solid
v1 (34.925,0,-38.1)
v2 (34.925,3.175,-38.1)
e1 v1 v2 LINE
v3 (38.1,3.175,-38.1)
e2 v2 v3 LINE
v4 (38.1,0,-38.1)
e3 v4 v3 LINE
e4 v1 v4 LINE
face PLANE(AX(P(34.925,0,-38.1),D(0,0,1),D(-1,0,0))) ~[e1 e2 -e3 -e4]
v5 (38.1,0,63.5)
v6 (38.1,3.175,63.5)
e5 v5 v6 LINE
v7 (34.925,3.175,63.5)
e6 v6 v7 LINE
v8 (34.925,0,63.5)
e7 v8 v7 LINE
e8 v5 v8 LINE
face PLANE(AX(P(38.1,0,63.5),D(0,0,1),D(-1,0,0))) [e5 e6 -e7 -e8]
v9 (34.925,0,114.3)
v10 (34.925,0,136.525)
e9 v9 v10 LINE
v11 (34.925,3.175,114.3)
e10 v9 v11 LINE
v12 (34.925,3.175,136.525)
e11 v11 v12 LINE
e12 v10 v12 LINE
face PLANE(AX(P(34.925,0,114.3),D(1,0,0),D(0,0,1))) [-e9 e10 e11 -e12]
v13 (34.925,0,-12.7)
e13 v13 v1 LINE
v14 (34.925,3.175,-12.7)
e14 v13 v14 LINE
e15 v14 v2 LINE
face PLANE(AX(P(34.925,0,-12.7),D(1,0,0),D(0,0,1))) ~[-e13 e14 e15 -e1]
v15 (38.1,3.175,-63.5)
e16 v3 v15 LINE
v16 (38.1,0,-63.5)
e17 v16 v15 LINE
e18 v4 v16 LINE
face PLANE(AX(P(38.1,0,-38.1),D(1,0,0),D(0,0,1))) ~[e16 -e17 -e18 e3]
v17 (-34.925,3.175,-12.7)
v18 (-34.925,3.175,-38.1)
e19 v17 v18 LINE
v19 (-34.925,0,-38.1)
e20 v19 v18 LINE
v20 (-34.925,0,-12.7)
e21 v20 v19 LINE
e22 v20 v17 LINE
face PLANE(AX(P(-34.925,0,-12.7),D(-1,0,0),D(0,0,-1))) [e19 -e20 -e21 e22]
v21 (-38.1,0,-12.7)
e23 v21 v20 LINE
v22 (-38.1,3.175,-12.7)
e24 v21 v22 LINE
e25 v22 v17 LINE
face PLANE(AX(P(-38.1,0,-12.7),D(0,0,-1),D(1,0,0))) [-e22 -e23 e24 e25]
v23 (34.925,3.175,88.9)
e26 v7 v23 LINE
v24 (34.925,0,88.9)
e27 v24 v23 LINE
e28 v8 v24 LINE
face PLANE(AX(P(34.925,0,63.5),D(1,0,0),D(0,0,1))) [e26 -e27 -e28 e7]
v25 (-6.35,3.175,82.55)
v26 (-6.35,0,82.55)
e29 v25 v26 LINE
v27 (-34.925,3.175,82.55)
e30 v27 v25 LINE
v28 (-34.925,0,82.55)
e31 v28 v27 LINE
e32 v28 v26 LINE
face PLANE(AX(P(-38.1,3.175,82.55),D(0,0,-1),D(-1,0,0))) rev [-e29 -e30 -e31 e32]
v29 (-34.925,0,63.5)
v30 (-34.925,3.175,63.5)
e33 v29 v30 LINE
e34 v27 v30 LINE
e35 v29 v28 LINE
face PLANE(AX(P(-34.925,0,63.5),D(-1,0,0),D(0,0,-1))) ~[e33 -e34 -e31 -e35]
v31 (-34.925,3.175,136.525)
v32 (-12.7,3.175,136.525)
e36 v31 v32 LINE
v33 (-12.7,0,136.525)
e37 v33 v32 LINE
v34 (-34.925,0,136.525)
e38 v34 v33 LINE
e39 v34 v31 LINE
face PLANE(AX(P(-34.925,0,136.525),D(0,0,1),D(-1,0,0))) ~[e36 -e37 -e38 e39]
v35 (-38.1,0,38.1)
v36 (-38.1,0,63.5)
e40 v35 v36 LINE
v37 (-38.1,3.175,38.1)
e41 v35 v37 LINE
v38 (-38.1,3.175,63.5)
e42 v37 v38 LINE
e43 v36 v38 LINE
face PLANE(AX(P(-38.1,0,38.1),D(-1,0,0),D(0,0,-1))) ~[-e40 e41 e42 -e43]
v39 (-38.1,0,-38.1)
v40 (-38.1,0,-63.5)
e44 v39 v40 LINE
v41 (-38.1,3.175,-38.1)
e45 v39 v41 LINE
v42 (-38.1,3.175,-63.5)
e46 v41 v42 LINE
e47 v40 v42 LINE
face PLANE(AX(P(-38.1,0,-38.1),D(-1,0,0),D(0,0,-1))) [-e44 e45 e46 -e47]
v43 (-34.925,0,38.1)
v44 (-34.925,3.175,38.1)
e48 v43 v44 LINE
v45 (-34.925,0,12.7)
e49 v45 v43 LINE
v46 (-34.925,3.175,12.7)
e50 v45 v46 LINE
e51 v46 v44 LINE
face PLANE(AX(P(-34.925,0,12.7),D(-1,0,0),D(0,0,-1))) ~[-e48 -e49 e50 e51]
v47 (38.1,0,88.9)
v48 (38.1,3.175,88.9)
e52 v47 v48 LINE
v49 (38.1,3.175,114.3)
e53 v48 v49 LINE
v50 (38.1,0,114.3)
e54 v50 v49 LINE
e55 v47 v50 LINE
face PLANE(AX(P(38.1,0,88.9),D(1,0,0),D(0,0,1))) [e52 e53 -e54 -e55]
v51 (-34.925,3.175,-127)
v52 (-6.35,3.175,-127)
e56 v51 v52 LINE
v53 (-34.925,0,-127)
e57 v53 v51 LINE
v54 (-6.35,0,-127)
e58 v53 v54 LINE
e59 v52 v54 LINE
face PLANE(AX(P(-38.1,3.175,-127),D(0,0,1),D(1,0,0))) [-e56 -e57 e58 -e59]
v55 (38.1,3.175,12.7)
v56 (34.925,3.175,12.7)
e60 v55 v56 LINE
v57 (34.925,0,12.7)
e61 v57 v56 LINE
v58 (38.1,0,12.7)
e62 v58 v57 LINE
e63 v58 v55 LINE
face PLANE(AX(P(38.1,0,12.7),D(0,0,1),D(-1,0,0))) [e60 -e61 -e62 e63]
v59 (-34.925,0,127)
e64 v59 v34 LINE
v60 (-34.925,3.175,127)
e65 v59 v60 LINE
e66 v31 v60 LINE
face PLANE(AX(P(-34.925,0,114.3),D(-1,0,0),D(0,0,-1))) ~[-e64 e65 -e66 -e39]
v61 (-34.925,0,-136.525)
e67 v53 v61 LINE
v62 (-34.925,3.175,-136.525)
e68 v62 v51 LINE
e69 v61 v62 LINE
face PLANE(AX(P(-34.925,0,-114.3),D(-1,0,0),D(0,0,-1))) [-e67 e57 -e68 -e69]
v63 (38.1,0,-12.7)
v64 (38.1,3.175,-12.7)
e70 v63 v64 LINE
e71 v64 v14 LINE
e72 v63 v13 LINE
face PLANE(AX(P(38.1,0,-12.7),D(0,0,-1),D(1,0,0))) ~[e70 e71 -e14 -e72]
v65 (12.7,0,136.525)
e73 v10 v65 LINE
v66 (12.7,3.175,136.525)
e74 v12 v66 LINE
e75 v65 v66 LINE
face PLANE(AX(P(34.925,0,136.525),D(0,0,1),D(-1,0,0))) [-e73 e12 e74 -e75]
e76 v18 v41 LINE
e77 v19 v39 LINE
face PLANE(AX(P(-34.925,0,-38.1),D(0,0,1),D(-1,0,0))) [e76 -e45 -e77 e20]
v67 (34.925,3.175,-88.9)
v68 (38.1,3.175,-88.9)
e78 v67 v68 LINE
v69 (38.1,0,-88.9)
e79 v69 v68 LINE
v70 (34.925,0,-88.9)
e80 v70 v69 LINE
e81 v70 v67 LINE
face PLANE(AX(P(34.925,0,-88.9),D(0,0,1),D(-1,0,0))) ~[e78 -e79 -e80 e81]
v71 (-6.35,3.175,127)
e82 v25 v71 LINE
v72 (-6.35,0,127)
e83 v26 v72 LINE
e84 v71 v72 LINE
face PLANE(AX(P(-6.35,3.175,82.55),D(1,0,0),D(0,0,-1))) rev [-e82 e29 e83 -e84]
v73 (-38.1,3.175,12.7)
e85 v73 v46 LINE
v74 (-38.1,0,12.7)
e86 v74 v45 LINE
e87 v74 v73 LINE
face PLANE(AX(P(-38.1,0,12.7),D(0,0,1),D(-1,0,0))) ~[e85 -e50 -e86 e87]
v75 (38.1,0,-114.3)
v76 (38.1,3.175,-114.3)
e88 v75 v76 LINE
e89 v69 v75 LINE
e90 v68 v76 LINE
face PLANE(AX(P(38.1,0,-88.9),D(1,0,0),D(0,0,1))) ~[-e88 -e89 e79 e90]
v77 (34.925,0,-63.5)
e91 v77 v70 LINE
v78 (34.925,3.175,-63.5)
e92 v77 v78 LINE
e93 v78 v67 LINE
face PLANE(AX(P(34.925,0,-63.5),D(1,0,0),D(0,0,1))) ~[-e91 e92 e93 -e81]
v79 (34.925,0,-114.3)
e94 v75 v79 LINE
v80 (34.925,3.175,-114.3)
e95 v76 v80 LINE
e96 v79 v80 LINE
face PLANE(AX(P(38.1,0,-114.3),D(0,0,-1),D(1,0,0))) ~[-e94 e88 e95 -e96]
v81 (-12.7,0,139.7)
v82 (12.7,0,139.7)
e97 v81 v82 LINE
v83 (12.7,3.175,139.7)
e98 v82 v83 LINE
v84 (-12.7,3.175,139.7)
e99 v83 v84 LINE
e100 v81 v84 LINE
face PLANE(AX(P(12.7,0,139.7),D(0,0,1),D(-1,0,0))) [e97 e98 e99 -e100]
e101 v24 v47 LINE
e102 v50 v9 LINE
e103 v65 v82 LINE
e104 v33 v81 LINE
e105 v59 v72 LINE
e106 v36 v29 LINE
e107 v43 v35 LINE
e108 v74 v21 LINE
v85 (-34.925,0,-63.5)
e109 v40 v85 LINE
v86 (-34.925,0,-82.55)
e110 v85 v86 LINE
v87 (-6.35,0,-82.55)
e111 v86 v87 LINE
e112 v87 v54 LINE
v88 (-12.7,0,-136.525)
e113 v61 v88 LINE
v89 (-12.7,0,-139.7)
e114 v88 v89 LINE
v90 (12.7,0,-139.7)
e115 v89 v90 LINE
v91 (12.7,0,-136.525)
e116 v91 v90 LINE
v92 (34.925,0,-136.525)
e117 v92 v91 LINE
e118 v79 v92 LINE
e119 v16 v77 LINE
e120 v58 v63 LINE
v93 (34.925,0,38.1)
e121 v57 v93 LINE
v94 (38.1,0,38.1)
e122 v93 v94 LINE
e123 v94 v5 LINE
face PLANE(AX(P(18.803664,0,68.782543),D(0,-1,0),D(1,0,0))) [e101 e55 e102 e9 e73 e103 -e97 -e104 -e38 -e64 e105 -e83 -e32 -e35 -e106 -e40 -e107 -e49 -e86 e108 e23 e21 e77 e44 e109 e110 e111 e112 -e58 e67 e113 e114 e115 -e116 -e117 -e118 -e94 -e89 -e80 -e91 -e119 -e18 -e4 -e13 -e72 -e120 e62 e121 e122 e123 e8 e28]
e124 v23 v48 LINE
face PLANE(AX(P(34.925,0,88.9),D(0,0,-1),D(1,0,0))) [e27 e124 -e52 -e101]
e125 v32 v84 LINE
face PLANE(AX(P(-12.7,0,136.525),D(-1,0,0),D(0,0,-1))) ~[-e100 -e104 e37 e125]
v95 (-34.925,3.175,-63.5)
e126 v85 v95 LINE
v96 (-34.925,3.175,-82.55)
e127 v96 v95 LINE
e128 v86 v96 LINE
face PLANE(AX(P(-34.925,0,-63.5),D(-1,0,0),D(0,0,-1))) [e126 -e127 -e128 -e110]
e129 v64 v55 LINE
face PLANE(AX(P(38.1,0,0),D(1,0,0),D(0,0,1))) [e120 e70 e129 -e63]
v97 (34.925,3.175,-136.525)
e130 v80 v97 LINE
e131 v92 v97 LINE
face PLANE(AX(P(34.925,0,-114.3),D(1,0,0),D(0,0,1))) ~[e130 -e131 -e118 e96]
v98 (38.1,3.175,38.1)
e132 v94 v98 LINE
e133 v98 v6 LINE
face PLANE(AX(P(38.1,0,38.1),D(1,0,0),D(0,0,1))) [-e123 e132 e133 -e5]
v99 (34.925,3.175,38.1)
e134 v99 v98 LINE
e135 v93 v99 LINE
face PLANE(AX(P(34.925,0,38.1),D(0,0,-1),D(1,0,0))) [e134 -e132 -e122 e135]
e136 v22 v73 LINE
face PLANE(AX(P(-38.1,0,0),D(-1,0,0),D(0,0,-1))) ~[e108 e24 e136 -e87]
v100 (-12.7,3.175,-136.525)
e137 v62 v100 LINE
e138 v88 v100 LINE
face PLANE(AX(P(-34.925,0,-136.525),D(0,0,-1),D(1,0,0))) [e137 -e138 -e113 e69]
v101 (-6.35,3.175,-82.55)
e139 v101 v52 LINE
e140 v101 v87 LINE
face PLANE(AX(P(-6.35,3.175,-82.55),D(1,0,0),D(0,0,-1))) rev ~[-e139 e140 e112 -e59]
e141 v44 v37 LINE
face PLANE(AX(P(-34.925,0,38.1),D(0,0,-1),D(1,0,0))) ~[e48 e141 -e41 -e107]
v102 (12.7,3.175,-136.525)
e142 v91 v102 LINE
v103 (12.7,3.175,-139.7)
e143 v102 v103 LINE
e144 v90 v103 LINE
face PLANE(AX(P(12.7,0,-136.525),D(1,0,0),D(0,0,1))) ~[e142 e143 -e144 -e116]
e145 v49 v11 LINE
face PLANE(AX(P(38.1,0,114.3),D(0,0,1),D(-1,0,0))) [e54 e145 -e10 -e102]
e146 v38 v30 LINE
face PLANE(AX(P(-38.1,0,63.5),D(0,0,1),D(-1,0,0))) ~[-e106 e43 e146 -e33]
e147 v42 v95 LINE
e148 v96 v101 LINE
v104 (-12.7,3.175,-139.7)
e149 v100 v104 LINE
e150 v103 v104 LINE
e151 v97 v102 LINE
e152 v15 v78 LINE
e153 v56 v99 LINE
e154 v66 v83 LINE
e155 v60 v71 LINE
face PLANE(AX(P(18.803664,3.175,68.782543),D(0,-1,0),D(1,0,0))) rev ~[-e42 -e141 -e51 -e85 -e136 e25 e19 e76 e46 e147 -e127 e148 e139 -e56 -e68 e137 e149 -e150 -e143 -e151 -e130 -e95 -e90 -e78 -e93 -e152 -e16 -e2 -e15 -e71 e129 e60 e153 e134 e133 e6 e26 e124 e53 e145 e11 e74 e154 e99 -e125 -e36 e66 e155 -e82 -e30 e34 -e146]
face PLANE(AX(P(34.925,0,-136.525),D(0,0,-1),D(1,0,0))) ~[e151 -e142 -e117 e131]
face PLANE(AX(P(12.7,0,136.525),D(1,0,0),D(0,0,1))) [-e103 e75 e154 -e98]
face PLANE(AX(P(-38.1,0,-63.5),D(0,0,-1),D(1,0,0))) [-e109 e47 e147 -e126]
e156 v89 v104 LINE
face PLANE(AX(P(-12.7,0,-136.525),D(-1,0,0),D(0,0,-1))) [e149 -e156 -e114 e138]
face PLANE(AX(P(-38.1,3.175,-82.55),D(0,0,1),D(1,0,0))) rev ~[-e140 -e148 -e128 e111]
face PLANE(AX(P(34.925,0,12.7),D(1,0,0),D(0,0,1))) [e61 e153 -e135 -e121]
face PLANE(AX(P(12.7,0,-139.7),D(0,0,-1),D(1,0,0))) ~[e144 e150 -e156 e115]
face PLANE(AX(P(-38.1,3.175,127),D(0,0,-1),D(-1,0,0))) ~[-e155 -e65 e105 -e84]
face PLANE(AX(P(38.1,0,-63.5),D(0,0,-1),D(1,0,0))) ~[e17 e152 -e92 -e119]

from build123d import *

# Parameters (mm, degrees)
BOSS_EXTRUDE1_DEPTH     = 3.175
SKETCH2_W               = 31.75
SKETCH2_H               = 44.45
CUT_EXTRUDE1_DEPTH      = 1
CUT_EXTRUDE1_DEPTH_BACK = 4.175


with BuildPart() as part:
    # Sketch1 → Boss-Extrude1 (new body)
    with BuildSketch(Plane(origin=(0, 0, 0), x_dir=(1, 0, 0), z_dir=(0, 1, 0))):
        Polygon((0, 0), (-38.1, 0), (-38.1, 12.7), (-34.925, 12.7), (-34.925, 38.1), (-38.1, 38.1), (-38.1, 63.5), (-34.925, 63.5), (-34.925, 88.9), (-38.1, 88.9), (-38.1, 114.3), (-34.925, 114.3), (-34.925, 136.525), (-12.7, 136.525), (-12.7, 139.7), (0, 139.7), align=None)
    extrude(amount=BOSS_EXTRUDE1_DEPTH)

    # Mirror1: part across plane


with BuildPart() as part_1:
    add(part.part)
    add(part.part.mirror(Plane(origin=(0, 3.175, 0), x_dir=(0, 0, 1), z_dir=(-1, 0, 0))))

    # Sketch2 → Cut-Extrude1 (cut, two sides)
    with BuildSketch(Plane(origin=(0, 3.175, 0), x_dir=(1, 0, 0), z_dir=(0, 1, 0))) as cut_extrude1_sk:
        with Locations((-22.225, 104.775)):
            Rectangle(SKETCH2_W, SKETCH2_H)
    extrude(amount=CUT_EXTRUDE1_DEPTH, mode=Mode.SUBTRACT)
    extrude(cut_extrude1_sk.sketch, amount=-CUT_EXTRUDE1_DEPTH_BACK, mode=Mode.SUBTRACT)

    # Mirror2: part across plane


with BuildPart() as part_2:
    add(part_1.part)
    add(part_1.part.mirror(Plane(origin=(0, 3.175, 0), x_dir=(1, 0, 0), z_dir=(0, 0, 1))))


solid = part_2.part
